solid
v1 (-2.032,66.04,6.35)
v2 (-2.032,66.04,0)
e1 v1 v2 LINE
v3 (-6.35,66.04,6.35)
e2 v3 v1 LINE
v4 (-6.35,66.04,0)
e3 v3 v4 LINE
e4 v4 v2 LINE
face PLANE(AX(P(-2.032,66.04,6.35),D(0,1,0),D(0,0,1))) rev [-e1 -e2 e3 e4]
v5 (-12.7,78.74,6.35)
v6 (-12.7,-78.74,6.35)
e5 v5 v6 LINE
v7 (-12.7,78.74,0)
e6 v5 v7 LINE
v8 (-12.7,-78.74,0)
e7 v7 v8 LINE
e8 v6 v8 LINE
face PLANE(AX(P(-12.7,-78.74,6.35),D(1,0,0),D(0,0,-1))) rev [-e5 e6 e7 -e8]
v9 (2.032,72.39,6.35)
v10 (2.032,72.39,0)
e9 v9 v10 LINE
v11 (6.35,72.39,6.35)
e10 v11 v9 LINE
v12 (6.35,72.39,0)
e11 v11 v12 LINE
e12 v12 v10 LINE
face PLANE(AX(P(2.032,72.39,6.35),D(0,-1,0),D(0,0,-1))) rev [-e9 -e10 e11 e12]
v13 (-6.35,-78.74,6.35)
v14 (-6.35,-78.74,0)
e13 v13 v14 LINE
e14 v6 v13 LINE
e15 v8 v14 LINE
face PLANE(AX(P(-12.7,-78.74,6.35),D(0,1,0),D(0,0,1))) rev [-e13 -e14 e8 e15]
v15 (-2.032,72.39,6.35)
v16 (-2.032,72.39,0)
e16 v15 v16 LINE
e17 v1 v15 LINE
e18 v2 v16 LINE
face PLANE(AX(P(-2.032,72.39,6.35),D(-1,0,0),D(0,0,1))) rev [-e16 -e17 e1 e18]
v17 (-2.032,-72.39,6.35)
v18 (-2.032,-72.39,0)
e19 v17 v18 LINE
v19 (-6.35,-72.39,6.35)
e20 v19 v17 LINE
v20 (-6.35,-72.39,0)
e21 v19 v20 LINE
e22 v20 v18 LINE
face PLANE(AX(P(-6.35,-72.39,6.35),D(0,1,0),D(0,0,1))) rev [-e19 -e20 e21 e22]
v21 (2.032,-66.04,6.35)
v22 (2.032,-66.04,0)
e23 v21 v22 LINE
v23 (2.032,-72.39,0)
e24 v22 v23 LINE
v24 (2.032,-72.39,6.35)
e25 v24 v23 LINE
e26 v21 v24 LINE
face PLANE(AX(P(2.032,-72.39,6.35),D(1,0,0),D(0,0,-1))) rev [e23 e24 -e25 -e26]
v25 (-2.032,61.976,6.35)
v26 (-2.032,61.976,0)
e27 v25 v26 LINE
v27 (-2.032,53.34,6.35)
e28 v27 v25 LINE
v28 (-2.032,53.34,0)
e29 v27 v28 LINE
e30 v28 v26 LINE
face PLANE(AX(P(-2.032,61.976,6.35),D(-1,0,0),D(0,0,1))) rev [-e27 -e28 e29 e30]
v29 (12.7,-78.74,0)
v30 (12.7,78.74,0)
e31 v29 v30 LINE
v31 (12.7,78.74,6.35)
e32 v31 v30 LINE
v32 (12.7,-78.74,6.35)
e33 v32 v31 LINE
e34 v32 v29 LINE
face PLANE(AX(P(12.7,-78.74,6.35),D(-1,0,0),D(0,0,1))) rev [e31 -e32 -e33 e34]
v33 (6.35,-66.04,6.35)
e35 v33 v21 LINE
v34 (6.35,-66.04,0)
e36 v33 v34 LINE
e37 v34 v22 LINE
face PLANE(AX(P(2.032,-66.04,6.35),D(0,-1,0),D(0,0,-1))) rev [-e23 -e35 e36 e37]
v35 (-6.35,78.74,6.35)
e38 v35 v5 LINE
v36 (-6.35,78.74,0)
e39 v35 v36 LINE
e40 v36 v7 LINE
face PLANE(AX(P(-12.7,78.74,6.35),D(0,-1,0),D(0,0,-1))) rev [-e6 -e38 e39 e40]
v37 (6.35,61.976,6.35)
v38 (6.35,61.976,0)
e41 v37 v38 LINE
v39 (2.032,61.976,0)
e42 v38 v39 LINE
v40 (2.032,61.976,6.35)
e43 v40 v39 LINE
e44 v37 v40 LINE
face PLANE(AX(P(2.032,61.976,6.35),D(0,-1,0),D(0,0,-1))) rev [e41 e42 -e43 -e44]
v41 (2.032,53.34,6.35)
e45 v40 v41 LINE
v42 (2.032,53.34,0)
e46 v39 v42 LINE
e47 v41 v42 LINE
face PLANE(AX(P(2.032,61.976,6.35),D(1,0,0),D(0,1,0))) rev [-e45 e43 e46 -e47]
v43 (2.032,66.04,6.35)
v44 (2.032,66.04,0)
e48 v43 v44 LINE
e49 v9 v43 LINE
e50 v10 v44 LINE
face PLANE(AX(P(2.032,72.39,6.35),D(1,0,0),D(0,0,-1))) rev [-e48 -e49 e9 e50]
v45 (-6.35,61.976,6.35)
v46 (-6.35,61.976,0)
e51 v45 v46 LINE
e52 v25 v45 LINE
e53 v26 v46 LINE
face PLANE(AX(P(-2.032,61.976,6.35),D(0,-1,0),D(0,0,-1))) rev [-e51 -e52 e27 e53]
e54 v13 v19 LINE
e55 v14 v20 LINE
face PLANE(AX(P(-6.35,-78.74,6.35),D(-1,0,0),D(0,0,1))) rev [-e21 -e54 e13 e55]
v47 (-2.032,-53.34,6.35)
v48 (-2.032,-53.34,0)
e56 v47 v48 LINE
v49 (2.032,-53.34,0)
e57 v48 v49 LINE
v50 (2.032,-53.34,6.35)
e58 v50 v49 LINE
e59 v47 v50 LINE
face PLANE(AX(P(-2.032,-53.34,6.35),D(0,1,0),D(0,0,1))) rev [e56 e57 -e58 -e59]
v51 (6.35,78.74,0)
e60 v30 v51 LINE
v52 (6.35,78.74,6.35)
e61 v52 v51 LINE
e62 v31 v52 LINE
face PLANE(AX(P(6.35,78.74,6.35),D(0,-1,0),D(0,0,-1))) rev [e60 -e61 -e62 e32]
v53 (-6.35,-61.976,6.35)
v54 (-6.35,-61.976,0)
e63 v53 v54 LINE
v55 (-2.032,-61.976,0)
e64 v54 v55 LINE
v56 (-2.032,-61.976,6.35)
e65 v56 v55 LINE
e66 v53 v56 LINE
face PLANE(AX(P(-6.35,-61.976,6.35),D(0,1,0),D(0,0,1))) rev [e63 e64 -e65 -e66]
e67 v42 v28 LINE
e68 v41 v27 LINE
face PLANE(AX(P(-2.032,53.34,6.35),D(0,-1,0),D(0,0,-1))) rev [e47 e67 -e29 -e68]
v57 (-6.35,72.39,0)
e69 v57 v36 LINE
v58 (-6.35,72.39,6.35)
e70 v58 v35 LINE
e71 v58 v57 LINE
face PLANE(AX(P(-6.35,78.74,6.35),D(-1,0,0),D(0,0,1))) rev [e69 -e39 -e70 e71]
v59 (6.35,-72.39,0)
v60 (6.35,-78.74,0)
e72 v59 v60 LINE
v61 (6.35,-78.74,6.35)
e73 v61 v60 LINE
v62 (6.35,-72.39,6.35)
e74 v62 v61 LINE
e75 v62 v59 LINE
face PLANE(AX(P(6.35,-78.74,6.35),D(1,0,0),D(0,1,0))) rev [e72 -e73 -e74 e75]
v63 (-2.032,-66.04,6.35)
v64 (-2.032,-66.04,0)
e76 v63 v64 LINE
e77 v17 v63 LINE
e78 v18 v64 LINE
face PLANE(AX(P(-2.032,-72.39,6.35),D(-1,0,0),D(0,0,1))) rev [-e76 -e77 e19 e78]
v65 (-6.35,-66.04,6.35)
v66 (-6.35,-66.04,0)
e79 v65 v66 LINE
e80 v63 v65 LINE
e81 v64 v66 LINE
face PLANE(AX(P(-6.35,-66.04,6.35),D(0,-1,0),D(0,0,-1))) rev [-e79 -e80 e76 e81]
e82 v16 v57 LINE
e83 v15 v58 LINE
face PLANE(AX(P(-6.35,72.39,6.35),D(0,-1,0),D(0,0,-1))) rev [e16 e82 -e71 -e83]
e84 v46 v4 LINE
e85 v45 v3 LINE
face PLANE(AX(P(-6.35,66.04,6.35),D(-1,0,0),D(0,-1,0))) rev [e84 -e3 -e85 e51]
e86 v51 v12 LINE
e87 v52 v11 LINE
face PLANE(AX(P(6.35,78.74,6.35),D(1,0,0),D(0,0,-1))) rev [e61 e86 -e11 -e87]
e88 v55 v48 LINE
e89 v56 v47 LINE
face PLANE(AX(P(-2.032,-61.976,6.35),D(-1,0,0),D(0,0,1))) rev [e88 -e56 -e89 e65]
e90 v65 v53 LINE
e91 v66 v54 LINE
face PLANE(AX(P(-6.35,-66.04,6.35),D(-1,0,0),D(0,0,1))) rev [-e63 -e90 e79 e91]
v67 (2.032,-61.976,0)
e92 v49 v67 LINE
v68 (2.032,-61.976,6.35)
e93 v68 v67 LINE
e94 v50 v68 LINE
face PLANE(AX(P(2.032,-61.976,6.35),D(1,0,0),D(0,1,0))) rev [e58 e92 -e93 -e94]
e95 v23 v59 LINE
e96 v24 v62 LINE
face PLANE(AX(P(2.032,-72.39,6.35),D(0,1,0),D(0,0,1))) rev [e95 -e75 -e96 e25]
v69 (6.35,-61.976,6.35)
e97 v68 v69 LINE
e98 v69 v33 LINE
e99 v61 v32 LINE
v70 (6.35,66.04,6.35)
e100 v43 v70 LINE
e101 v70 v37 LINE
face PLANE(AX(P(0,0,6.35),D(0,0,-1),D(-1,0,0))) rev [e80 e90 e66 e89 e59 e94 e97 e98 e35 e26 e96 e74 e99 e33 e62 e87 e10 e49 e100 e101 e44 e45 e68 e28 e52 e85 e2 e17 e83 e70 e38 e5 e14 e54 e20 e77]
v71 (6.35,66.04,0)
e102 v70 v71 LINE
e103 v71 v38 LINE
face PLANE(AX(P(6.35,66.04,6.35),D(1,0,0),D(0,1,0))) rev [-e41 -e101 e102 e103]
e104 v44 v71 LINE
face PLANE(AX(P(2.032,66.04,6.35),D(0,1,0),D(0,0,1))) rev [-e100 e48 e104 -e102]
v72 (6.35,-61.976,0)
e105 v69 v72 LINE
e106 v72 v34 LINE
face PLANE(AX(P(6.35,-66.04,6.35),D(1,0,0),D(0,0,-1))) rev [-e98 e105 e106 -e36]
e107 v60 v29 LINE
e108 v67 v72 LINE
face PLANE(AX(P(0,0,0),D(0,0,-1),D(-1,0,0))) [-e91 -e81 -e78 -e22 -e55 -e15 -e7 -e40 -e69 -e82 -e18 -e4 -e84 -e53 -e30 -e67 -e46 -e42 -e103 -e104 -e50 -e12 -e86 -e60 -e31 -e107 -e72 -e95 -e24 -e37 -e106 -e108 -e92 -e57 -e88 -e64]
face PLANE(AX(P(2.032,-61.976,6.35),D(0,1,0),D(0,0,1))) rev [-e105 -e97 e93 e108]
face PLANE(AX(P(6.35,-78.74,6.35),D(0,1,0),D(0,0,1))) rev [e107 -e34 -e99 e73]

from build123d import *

# Parameters (mm, degrees)
BOSS_EXTRUDE1_DEPTH = 6.35


with BuildPart() as part:
    # Sketch1 → Boss-Extrude1 (new body)
    with BuildSketch(Plane.XY):
        Polygon((6.35, 78.74), (12.7, 78.74), (12.7, -78.74), (6.35, -78.74), (6.35, -72.39), (2.032, -72.39), (2.032, -66.04), (6.35, -66.04), (6.35, -61.976), (2.032, -61.976), (2.032, -53.34), (-2.032, -53.34), (-2.032, -61.976), (-6.35, -61.976), (-6.35, -66.04), (-2.032, -66.04), (-2.032, -72.39), (-6.35, -72.39), (-6.35, -78.74), (-12.7, -78.74), (-12.7, 78.74), (-6.35, 78.74), (-6.35, 72.39), (-2.032, 72.39), (-2.032, 66.04), (-6.35, 66.04), (-6.35, 61.976), (-2.032, 61.976), (-2.032, 53.34), (2.032, 53.34), (2.032, 61.976), (6.35, 61.976), (6.35, 66.04), (2.032, 66.04), (2.032, 72.39), (6.35, 72.39), align=None)
    extrude(amount=BOSS_EXTRUDE1_DEPTH)


solid = part.part
